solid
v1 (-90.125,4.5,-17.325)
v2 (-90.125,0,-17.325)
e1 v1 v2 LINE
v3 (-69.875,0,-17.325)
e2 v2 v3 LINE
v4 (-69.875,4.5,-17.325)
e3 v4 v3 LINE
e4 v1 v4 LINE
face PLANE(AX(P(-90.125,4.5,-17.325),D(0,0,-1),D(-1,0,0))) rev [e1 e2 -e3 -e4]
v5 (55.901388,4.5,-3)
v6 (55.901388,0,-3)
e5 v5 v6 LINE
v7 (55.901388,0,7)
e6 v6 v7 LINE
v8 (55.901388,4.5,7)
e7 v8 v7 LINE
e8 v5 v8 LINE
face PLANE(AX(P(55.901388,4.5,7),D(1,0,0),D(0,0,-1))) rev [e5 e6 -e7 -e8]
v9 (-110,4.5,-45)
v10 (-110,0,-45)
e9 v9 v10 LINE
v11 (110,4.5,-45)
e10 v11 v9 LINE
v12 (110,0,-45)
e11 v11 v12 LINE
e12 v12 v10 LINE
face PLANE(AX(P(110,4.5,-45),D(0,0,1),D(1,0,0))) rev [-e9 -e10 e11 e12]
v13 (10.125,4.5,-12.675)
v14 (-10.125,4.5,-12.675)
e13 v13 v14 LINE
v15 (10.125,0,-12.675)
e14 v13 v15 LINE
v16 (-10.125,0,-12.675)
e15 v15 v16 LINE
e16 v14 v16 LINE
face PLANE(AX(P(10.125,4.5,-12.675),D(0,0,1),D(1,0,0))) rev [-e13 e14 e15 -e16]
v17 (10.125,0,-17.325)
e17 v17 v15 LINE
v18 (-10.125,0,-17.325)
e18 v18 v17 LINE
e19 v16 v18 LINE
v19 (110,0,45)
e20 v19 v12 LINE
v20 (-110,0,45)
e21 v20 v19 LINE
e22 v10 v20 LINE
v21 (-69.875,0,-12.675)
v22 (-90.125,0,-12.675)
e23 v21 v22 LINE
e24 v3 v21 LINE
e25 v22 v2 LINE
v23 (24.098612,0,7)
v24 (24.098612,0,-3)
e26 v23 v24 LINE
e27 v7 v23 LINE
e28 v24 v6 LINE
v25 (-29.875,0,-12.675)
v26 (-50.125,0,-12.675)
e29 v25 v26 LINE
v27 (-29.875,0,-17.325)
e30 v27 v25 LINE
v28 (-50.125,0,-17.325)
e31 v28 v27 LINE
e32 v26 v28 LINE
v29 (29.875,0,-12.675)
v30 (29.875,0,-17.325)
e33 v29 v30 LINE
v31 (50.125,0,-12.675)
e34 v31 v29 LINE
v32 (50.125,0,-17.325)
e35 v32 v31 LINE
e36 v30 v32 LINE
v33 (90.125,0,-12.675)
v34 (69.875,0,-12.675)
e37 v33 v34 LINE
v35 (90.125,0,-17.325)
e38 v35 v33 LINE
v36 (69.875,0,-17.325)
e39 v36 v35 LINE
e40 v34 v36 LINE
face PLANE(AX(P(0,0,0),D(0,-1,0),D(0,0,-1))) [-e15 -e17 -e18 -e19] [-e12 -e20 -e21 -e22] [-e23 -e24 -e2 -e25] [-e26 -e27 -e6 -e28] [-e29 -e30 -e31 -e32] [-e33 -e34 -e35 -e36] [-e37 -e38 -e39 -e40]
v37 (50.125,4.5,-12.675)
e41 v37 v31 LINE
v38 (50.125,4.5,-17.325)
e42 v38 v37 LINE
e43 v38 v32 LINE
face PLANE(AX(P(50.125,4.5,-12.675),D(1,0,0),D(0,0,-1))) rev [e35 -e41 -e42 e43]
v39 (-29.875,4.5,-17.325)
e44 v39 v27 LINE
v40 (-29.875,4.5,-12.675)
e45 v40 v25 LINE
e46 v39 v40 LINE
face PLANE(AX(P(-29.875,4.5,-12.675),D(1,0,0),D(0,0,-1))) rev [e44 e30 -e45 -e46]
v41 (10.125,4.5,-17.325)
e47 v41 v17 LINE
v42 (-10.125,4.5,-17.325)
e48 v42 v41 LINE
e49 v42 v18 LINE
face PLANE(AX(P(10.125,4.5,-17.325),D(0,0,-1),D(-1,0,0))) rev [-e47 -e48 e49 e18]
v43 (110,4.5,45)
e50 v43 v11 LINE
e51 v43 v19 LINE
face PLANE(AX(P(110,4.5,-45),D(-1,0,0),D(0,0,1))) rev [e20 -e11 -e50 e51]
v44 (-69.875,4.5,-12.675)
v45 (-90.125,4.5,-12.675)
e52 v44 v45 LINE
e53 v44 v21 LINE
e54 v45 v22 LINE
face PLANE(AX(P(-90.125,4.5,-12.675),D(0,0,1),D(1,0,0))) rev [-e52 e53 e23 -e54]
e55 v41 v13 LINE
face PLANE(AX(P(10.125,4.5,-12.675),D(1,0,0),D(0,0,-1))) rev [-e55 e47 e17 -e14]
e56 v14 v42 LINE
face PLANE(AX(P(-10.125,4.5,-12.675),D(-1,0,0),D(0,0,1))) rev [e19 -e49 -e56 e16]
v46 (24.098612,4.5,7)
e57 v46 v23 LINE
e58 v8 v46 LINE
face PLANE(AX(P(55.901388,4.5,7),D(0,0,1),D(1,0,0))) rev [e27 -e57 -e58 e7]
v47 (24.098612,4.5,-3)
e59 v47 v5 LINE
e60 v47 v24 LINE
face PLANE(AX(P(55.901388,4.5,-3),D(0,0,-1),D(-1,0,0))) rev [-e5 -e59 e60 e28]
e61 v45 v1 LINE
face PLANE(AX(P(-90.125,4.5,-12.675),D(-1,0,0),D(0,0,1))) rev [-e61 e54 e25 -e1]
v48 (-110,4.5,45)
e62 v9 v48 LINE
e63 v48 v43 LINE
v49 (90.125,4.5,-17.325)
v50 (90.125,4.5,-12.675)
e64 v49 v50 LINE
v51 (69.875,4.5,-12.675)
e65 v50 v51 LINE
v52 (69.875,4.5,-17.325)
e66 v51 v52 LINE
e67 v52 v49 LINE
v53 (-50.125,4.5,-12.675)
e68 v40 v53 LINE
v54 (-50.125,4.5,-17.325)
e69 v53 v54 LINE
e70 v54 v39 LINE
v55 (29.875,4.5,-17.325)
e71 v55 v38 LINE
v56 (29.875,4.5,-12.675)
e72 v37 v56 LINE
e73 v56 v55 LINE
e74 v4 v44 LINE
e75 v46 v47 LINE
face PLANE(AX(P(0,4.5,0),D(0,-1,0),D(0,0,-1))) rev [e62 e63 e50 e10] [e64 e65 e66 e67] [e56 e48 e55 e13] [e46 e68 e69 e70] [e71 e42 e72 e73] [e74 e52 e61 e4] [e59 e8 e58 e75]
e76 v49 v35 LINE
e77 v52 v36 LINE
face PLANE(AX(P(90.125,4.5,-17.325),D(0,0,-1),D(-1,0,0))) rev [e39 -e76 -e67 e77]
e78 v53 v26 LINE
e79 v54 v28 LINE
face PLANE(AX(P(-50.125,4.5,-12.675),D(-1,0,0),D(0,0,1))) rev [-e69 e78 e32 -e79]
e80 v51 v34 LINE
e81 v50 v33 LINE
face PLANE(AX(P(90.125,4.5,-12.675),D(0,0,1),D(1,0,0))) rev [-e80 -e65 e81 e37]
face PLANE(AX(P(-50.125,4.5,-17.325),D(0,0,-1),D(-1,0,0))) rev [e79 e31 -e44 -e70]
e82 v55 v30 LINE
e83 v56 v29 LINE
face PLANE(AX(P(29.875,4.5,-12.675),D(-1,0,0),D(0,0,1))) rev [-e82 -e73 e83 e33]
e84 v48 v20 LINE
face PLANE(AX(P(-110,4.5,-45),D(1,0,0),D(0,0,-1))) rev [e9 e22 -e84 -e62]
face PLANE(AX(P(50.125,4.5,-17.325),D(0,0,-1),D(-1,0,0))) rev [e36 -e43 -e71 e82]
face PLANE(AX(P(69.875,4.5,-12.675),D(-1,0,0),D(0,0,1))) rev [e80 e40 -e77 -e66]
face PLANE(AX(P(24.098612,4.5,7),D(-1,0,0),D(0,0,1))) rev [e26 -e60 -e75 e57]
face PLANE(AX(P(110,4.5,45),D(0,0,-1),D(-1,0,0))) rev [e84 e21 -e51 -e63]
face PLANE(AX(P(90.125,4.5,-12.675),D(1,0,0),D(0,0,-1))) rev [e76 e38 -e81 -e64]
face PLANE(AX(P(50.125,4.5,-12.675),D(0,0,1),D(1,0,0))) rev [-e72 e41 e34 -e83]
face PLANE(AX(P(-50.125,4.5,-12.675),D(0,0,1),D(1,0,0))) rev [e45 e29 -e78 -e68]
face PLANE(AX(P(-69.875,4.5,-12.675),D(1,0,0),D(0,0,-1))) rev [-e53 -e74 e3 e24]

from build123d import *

# Parameters (mm, degrees)
SKETCH2_W            = 220
SKETCH2_H            = 90
BOSS_EXTRUDE1_DEPTH  = 4.5
SKETCH3_W            = 20.25
SKETCH3_H            = 4.65
CUT_EXTRUDE1_DEPTH   = 119.933805119
SKETCH4_W            = 31.802775074
SKETCH4_H            = 10
INPUT_LINK_CUT_DEPTH = 119.933805119


with BuildPart() as part:
    # Sketch2 → Boss-Extrude1 (new body)
    with BuildSketch(Plane(origin=(0, 0, 0), x_dir=(1, 0, 0), z_dir=(0, 1, 0))):
        Rectangle(SKETCH2_W, SKETCH2_H)
    extrude(amount=BOSS_EXTRUDE1_DEPTH)

    # Sketch3 → Cut-Extrude1 (cut, through all)
    with BuildSketch(Plane.XZ):
        with Locations((40, -15)):
            Rectangle(SKETCH3_W, SKETCH3_H)
        with Locations((0, -15)):
            Rectangle(SKETCH3_W, SKETCH3_H)
        with Locations((80, -15)):
            Rectangle(SKETCH3_W, SKETCH3_H)
        with Locations((-80, -15)):
            Rectangle(SKETCH3_W, SKETCH3_H)
        with Locations((-40, -15)):
            Rectangle(SKETCH3_W, SKETCH3_H)
    extrude(amount=-CUT_EXTRUDE1_DEPTH, mode=Mode.SUBTRACT)

    # Sketch4 → Input link cut (cut, through all)
    with BuildSketch(Plane.XZ):
        with Locations((40, 2)):
            Rectangle(SKETCH4_W, SKETCH4_H)
    extrude(amount=-INPUT_LINK_CUT_DEPTH, mode=Mode.SUBTRACT)


solid = part.part
